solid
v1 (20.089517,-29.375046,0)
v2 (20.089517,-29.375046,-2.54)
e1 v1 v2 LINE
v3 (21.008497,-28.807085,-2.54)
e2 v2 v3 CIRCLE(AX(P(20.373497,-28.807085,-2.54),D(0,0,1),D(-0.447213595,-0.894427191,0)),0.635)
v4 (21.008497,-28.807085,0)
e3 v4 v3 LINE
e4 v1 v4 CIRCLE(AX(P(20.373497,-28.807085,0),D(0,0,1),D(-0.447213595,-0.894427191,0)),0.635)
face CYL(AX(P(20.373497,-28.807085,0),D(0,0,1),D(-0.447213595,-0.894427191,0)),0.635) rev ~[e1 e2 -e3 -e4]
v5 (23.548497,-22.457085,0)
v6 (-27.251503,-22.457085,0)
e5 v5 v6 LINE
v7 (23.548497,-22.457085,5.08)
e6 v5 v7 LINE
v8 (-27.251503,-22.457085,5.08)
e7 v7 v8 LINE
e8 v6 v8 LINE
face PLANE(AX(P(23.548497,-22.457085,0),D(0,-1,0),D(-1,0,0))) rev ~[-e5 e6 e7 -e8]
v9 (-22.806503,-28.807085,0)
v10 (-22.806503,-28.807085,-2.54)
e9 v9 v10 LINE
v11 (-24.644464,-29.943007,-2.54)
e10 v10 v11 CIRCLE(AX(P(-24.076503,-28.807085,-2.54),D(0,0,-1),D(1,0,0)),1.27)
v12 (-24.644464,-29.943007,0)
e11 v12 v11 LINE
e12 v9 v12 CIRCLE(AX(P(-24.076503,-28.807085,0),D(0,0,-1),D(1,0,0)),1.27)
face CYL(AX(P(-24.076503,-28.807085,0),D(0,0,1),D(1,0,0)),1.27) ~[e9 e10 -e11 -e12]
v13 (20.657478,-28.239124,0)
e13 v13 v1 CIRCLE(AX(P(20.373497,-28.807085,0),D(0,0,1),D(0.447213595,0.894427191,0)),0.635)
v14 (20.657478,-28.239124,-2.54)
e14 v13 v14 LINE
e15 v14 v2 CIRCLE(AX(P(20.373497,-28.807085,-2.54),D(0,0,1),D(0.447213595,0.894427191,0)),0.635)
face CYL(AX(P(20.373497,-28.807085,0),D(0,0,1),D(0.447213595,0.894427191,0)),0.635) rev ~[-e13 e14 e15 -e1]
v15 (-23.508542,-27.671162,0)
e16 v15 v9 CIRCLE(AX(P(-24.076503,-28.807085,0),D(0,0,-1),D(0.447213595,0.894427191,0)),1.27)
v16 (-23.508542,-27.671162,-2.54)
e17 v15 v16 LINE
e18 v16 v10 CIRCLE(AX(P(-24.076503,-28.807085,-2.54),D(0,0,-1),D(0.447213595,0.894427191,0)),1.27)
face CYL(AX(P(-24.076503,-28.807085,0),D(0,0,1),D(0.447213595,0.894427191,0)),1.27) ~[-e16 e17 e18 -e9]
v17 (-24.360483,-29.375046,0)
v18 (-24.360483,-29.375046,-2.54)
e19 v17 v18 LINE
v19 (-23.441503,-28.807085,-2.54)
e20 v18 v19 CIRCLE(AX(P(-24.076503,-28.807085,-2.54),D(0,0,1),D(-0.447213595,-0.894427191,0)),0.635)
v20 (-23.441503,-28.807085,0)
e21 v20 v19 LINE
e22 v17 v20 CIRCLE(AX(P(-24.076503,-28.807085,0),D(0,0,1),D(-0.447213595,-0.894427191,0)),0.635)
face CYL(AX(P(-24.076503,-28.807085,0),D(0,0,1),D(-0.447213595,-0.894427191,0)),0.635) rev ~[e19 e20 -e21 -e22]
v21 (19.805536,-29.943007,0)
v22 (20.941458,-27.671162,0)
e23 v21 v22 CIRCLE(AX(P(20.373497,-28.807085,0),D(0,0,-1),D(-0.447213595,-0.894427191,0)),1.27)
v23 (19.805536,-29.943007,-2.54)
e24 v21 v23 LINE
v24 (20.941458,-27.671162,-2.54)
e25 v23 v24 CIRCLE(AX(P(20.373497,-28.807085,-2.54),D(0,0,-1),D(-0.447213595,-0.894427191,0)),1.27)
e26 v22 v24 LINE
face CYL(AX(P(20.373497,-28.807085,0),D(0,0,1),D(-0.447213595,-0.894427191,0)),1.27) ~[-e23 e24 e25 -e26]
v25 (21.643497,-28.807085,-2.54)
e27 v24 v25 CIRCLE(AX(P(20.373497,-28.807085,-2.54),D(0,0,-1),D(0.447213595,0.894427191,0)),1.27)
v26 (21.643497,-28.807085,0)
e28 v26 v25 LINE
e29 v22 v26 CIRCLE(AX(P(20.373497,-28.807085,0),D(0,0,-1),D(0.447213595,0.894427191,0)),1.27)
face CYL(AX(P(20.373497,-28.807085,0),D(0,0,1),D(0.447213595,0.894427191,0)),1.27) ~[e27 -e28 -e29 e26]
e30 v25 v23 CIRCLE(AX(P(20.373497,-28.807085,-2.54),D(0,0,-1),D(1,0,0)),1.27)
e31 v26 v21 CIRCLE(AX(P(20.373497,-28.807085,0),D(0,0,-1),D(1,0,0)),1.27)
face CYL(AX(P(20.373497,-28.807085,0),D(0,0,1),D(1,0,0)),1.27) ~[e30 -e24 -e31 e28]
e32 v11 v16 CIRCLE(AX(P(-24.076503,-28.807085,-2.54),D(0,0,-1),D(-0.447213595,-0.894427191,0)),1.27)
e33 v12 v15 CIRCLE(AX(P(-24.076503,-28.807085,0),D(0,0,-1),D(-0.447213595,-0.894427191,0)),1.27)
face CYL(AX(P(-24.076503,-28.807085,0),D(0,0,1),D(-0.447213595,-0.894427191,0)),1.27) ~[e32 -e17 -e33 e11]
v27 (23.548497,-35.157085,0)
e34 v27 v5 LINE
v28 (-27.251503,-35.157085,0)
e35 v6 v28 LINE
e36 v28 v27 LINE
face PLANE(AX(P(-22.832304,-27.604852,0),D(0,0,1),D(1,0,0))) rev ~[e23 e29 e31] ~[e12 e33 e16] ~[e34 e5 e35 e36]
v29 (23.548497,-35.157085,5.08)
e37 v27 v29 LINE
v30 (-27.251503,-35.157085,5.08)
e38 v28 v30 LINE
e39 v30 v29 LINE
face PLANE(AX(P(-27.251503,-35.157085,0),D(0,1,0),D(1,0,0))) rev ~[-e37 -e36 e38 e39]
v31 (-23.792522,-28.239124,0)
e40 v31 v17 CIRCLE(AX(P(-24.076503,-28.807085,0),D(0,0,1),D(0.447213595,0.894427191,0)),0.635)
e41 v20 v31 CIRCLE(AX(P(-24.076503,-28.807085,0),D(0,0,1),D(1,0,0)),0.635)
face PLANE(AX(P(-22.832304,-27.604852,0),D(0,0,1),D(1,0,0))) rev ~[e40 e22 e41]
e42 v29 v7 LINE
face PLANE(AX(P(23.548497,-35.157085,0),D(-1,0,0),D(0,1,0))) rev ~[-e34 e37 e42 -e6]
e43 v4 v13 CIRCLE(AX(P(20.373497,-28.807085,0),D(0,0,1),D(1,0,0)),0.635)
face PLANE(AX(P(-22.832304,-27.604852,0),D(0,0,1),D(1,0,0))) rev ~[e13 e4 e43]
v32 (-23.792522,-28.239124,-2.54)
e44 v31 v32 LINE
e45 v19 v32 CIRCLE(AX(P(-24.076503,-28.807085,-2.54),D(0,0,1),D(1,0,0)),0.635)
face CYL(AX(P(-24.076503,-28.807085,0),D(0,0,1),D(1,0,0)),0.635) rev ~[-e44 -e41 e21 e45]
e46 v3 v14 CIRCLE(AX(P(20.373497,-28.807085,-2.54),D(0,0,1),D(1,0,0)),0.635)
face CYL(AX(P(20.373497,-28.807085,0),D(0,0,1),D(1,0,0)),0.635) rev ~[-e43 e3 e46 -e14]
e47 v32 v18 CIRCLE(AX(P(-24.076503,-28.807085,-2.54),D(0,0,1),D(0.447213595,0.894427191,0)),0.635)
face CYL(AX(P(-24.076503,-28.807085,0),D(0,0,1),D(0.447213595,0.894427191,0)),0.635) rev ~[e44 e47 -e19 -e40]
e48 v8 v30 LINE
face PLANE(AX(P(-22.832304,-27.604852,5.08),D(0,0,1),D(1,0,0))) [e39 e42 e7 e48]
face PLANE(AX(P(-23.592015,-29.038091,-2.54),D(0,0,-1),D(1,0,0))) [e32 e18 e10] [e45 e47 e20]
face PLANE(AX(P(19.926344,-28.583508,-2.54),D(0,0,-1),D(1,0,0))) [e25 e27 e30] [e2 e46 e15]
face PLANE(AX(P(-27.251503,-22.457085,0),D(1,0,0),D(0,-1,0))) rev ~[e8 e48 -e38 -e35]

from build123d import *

# Parameters (mm, degrees)
F1_DEPTH = 5.08
F3_DEPTH = 2.54


with BuildPart() as f1:
    # F0 (on Top) → F1 (new body)
    with BuildSketch(Plane.XY):
        with BuildLine():
            Line((-20.9015028059, -22.4570848219), (-27.2515028059, -22.4570848219))
            Line((-27.2515028059, -22.4570848219), (-24.6444640722, -27.6711622893))
            ThreePointArc((-24.6444640722, -27.6711622893), (-23.4088242936, -27.7267582953), (-22.8065028059, -28.8070848219))
            ThreePointArc((-22.8065028059, -28.8070848219), (-22.9961762793, -29.4747633343), (-23.5085415397, -29.9430073545))
            Line((-23.5085415397, -29.9430073545), (-20.9015028059, -35.1570848219))
            Line((-20.9015028059, -35.1570848219), (-20.9015028059, -22.4570848219))
        make_face()
        with BuildLine():
            Line((-24.6444640722, -27.6711622893), (-27.2515028059, -22.4570848219))
            Line((-27.2515028059, -22.4570848219), (-27.2515028059, -35.1570848219))
            Line((-27.2515028059, -35.1570848219), (-20.9015028059, -35.1570848219))
            Line((-20.9015028059, -35.1570848219), (-23.5085415397, -29.9430073545))
            ThreePointArc((-23.5085415397, -29.9430073545), (-25.2124253385, -29.3750460882), (-24.6444640722, -27.6711622893))
        make_face()
        with BuildLine():
            ThreePointArc((-23.4415028059, -28.8070848219), (-23.7426635498, -28.2669215586), (-24.3604834391, -28.2391235556))
            Line((-24.3604834391, -28.2391235556), (-24.0765028059, -28.8070848219))
            Line((-24.0765028059, -28.8070848219), (-23.7925221728, -29.3750460882))
            ThreePointArc((-23.7925221728, -29.3750460882), (-23.5363395426, -29.1409240781), (-23.4415028059, -28.8070848219))
        make_face()
        with BuildLine():
            Line((-24.0765028059, -28.8070848219), (-24.3604834391, -28.2391235556))
            ThreePointArc((-24.3604834391, -28.2391235556), (-24.6444640722, -29.091065455), (-23.7925221728, -29.3750460882))
            Line((-23.7925221728, -29.3750460882), (-24.0765028059, -28.8070848219))
        make_face()
        with BuildLine():
            Line((-24.3604834391, -28.2391235556), (-24.6444640722, -27.6711622893))
            ThreePointArc((-24.6444640722, -27.6711622893), (-25.2124253385, -29.3750460882), (-23.5085415397, -29.9430073545))
            Line((-23.5085415397, -29.9430073545), (-23.7925221728, -29.3750460882))
            ThreePointArc((-23.7925221728, -29.3750460882), (-24.6444640722, -29.091065455), (-24.3604834391, -28.2391235556))
        make_face()
        with BuildLine():
            ThreePointArc((-22.8065028059, -28.8070848219), (-23.4088242936, -27.7267582953), (-24.6444640722, -27.6711622893))
            Line((-24.6444640722, -27.6711622893), (-24.3604834391, -28.2391235556))
            ThreePointArc((-24.3604834391, -28.2391235556), (-23.7426635498, -28.2669215586), (-23.4415028059, -28.8070848219))
            ThreePointArc((-23.4415028059, -28.8070848219), (-23.5363395426, -29.1409240781), (-23.7925221728, -29.3750460882))
            Line((-23.7925221728, -29.3750460882), (-23.5085415397, -29.9430073545))
            ThreePointArc((-23.5085415397, -29.9430073545), (-22.9961762793, -29.4747633343), (-22.8065028059, -28.8070848219))
        make_face()
        Polygon((-14.5515028059, -22.4570848219), (-20.9015028059, -22.4570848219), (-20.9015028059, -35.1570848219), (17.1984971941, -35.1570848219), (17.1984971941, -22.4570848219), (10.8484971941, -22.4570848219), (-1.8515028059, -22.4570848219), align=None)
        with BuildLine():
            Line((20.3734971941, -28.8070848219), (20.0895165609, -29.3750460882))
            ThreePointArc((20.0895165609, -29.3750460882), (20.7073364502, -29.3472480852), (21.0084971941, -28.8070848219))
            ThreePointArc((21.0084971941, -28.8070848219), (20.9136604574, -28.4732455657), (20.6574778272, -28.2391235556))
            Line((20.6574778272, -28.2391235556), (20.3734971941, -28.8070848219))
        make_face()
        with BuildLine():
            ThreePointArc((20.6574778272, -28.2391235556), (19.8055359278, -28.5231041888), (20.0895165609, -29.3750460882))
            Line((20.0895165609, -29.3750460882), (20.3734971941, -28.8070848219))
            Line((20.3734971941, -28.8070848219), (20.6574778272, -28.2391235556))
        make_face()
        with BuildLine():
            ThreePointArc((20.9414584603, -27.6711622893), (19.2375746615, -28.2391235556), (19.8055359278, -29.9430073545))
            Line((19.8055359278, -29.9430073545), (20.0895165609, -29.3750460882))
            ThreePointArc((20.0895165609, -29.3750460882), (19.8055359278, -28.5231041888), (20.6574778272, -28.2391235556))
            Line((20.6574778272, -28.2391235556), (20.9414584603, -27.6711622893))
        make_face()
        with BuildLine():
            Line((20.0895165609, -29.3750460882), (19.8055359278, -29.9430073545))
            ThreePointArc((19.8055359278, -29.9430073545), (21.0411757064, -29.8874113485), (21.6434971941, -28.8070848219))
            ThreePointArc((21.6434971941, -28.8070848219), (21.4538237207, -28.1394063095), (20.9414584603, -27.6711622893))
            Line((20.9414584603, -27.6711622893), (20.6574778272, -28.2391235556))
            ThreePointArc((20.6574778272, -28.2391235556), (20.9136604574, -28.4732455657), (21.0084971941, -28.8070848219))
            ThreePointArc((21.0084971941, -28.8070848219), (20.7073364502, -29.3472480852), (20.0895165609, -29.3750460882))
        make_face()
        with BuildLine():
            Line((19.8055359278, -29.9430073545), (17.1984971941, -35.1570848219))
            Line((17.1984971941, -35.1570848219), (23.5484971941, -35.1570848219))
            Line((23.5484971941, -35.1570848219), (23.5484971941, -22.4570848219))
            Line((23.5484971941, -22.4570848219), (20.9414584603, -27.6711622893))
            ThreePointArc((20.9414584603, -27.6711622893), (21.4538237207, -28.1394063095), (21.6434971941, -28.8070848219))
            ThreePointArc((21.6434971941, -28.8070848219), (21.0411757064, -29.8874113485), (19.8055359278, -29.9430073545))
        make_face()
        with BuildLine():
            Line((17.1984971941, -22.4570848219), (17.1984971941, -35.1570848219))
            Line((17.1984971941, -35.1570848219), (19.8055359278, -29.9430073545))
            ThreePointArc((19.8055359278, -29.9430073545), (19.2375746615, -28.2391235556), (20.9414584603, -27.6711622893))
            Line((20.9414584603, -27.6711622893), (23.5484971941, -22.4570848219))
            Line((23.5484971941, -22.4570848219), (17.1984971941, -22.4570848219))
        make_face()
    extrude(amount=F1_DEPTH)

    # F2 (on face) → F3 (join)
    with BuildSketch(Plane(origin=(0, 0, 0), x_dir=(1, 0, 0), z_dir=(0, 0, -1))):
        with BuildLine():
            ThreePointArc((-22.8065028059, 28.8070848219), (-23.4088242936, 29.8874113485), (-24.6444640722, 29.9430073545))
            Line((-24.6444640722, 29.9430073545), (-24.3604834391, 29.3750460882))
            ThreePointArc((-24.3604834391, 29.3750460882), (-23.7426635498, 29.3472480852), (-23.4415028059, 28.8070848219))
            ThreePointArc((-23.4415028059, 28.8070848219), (-23.5363395426, 28.4732455657), (-23.7925221728, 28.2391235556))
            Line((-23.7925221728, 28.2391235556), (-23.5085415397, 27.6711622893))
            ThreePointArc((-23.5085415397, 27.6711622893), (-22.9961762793, 28.1394063095), (-22.8065028059, 28.8070848219))
        make_face()
        with BuildLine():
            Line((-24.3604834391, 29.3750460882), (-24.6444640722, 29.9430073545))
            ThreePointArc((-24.6444640722, 29.9430073545), (-25.2124253385, 28.2391235556), (-23.5085415397, 27.6711622893))
            Line((-23.5085415397, 27.6711622893), (-23.7925221728, 28.2391235556))
            ThreePointArc((-23.7925221728, 28.2391235556), (-24.6444640722, 28.5231041888), (-24.3604834391, 29.3750460882))
        make_face()
        with BuildLine():
            Line((20.0895165609, 29.3750460882), (19.8055359278, 29.9430073545))
            ThreePointArc((19.8055359278, 29.9430073545), (19.2375746615, 28.2391235556), (20.9414584603, 27.6711622893))
            Line((20.9414584603, 27.6711622893), (20.6574778272, 28.2391235556))
            ThreePointArc((20.6574778272, 28.2391235556), (19.8055359278, 28.5231041888), (20.0895165609, 29.3750460882))
        make_face()
        with BuildLine():
            ThreePointArc((21.6434971941, 28.8070848219), (21.0411757064, 29.8874113485), (19.8055359278, 29.9430073545))
            Line((19.8055359278, 29.9430073545), (20.0895165609, 29.3750460882))
            ThreePointArc((20.0895165609, 29.3750460882), (20.7073364502, 29.3472480852), (21.0084971941, 28.8070848219))
            ThreePointArc((21.0084971941, 28.8070848219), (20.9136604574, 28.4732455657), (20.6574778272, 28.2391235556))
            Line((20.6574778272, 28.2391235556), (20.9414584603, 27.6711622893))
            ThreePointArc((20.9414584603, 27.6711622893), (21.4538237207, 28.1394063095), (21.6434971941, 28.8070848219))
        make_face()
    extrude(amount=F3_DEPTH)


solid = f1.part
